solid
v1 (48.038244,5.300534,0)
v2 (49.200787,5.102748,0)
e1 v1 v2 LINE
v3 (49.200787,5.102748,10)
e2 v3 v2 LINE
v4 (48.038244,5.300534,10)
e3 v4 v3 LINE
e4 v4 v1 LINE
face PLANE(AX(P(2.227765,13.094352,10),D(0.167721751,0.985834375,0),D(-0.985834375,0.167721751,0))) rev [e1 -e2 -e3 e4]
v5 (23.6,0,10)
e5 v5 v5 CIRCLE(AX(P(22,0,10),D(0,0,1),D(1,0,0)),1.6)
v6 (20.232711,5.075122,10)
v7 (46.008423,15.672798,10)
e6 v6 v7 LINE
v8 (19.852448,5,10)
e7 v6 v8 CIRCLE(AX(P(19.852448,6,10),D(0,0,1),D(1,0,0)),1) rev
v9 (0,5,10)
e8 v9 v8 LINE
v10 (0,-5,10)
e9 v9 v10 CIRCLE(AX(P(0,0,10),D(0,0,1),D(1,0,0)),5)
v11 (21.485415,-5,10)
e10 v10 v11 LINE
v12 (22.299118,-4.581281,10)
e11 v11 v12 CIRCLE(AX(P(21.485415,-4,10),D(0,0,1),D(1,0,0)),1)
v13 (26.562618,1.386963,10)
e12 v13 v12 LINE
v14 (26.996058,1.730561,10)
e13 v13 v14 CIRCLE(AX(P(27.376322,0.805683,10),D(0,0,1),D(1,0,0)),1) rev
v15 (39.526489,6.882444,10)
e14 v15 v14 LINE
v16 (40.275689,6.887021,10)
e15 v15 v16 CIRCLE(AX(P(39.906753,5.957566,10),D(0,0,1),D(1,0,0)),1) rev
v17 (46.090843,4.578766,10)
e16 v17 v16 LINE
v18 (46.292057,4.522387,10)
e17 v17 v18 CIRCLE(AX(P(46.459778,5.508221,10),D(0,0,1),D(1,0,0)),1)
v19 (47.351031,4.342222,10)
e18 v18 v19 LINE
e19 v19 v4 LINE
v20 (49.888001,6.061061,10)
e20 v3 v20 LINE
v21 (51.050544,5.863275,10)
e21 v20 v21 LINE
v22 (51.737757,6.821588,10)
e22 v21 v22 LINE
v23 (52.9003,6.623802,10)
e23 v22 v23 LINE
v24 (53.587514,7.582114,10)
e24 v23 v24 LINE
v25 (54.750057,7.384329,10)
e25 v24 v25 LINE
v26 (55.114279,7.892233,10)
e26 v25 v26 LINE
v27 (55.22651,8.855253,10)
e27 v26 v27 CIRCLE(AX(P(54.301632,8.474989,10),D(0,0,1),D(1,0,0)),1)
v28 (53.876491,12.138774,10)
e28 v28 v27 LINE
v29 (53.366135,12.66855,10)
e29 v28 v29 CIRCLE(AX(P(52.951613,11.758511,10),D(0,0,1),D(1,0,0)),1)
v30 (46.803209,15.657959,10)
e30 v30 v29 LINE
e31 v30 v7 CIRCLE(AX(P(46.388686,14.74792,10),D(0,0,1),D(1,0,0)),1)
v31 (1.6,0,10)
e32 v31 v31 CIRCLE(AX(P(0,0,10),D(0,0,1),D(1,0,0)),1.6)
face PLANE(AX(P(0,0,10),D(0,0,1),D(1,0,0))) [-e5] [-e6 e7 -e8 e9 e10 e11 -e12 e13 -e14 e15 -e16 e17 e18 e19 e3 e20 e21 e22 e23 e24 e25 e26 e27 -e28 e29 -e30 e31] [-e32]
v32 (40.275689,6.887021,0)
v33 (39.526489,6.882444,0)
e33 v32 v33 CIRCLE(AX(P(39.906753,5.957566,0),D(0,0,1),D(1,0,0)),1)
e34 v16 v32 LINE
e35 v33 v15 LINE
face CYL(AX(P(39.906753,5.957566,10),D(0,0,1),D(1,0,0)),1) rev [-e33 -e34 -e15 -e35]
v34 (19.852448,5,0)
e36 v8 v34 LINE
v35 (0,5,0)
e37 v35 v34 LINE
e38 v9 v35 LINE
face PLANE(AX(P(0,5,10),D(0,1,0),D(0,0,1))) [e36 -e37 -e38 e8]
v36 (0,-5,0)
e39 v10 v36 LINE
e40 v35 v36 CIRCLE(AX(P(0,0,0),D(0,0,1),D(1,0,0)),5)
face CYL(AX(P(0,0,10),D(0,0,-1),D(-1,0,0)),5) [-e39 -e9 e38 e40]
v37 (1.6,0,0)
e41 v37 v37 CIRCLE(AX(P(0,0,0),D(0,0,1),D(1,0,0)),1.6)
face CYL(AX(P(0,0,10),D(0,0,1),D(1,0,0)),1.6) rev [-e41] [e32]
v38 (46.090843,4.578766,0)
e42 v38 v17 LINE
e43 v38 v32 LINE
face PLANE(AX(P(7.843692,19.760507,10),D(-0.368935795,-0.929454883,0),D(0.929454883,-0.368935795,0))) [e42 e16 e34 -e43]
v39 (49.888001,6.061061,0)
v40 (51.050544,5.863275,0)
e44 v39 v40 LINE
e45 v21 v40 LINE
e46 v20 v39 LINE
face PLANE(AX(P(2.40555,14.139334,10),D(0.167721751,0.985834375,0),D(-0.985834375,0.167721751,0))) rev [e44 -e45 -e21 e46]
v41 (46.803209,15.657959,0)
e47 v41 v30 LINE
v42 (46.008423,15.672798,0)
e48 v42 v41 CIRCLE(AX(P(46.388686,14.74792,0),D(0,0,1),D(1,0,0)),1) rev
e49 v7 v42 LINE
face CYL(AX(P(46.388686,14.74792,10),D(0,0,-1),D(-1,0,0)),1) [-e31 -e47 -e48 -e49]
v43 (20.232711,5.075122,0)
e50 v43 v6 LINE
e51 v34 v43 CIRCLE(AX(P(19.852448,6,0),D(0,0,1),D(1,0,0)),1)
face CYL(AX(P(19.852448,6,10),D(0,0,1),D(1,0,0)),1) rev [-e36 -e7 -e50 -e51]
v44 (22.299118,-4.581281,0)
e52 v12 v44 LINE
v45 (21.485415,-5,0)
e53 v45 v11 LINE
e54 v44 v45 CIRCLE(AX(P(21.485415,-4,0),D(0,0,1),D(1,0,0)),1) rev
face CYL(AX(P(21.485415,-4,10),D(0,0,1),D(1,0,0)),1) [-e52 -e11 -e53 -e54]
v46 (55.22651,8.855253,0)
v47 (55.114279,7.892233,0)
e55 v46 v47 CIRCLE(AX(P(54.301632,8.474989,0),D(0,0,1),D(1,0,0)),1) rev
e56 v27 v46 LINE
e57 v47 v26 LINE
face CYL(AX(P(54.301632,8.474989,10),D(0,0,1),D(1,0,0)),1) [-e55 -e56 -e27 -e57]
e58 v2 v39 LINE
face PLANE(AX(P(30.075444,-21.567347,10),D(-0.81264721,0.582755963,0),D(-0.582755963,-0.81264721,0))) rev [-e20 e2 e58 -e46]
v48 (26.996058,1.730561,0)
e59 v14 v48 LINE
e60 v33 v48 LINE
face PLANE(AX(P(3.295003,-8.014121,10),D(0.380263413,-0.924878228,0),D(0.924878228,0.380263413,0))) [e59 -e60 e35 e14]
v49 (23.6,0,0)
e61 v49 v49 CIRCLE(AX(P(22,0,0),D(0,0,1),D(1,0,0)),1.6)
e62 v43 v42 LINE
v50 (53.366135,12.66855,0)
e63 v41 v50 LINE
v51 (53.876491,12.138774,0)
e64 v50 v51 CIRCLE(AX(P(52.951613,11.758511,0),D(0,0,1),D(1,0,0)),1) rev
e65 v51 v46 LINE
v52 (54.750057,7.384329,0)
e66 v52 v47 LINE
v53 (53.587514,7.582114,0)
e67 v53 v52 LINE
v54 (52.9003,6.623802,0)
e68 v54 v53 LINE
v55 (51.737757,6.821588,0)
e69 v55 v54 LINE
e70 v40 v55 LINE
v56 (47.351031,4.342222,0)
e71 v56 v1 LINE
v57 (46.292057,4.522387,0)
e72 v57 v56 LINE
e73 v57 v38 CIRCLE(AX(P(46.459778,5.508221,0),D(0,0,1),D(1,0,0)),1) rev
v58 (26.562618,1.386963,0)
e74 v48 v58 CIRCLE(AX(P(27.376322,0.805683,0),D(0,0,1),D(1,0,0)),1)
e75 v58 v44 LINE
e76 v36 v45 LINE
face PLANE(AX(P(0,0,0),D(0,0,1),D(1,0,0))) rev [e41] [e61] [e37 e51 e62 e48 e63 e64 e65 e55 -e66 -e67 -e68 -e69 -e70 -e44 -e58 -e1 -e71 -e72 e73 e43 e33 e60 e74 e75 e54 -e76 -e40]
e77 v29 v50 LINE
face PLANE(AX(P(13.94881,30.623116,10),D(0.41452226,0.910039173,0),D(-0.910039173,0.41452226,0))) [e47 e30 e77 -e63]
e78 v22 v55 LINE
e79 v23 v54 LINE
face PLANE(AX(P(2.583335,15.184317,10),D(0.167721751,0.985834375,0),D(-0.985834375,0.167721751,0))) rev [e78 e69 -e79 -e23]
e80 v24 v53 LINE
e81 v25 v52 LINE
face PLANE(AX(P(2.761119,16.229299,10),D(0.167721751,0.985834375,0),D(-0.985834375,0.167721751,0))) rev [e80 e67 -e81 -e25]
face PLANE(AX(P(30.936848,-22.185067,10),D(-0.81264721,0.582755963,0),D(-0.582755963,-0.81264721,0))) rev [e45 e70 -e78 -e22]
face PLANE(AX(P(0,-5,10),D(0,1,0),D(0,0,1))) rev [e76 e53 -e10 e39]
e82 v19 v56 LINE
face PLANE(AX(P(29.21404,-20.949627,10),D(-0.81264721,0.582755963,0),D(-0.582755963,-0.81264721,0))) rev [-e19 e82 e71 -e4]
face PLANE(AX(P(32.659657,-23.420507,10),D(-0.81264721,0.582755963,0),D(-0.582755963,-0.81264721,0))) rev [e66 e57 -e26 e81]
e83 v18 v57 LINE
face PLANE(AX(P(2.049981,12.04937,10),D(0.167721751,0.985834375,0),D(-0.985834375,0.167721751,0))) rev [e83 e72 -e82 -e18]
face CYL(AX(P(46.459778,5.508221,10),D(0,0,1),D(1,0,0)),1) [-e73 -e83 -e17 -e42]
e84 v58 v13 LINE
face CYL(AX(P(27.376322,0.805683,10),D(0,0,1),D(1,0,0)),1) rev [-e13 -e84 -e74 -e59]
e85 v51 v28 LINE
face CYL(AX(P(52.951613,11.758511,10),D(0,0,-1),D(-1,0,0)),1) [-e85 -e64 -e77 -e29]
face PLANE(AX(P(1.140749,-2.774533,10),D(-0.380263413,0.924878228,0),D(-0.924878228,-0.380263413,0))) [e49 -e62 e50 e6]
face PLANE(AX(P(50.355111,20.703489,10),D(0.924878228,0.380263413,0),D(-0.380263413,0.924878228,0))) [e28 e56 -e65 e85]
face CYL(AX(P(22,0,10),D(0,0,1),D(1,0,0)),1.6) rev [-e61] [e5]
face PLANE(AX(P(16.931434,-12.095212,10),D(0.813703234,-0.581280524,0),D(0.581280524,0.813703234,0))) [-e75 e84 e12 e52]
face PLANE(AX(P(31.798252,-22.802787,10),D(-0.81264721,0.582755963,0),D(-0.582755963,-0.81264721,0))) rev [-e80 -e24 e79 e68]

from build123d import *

# Parameters (mm, degrees)
SKETCH1_R            = 1.5
BOSS_EXTRUDE1_DEPTH  = 10
FILLET1_R            = 1
M3_CLEARANCE_HOLE1_D = 3.2


with BuildPart() as part:
    # Sketch1 → Boss-Extrude1 (new body)
    with BuildSketch(Plane.XY):
        with BuildLine():
            Line((20.05, 5), (0, 5))
            ThreePointArc((0, 5), (-5, 0), (0, -5))
            Line((0, -5), (22, -5))
            Line((22, -5), (26.72989842, 1.621129525))
            Line((26.72989842, 1.621129525), (39.900164389, 7.036080522))
            Line((39.900164389, 7.036080522), (46.188488025, 4.540007042))
            Line((46.188488025, 4.540007042), (47.351030887, 4.342221563))
            Line((47.351030887, 4.342221563), (48.038244482, 5.300533868))
            Line((48.038244482, 5.300533868), (49.200787343, 5.102748388))
            Line((49.200787343, 5.102748388), (49.888000938, 6.061060693))
            Line((49.888000938, 6.061060693), (51.050543799, 5.863275214))
            Line((51.050543799, 5.863275214), (51.737757394, 6.821587519))
            Line((51.737757394, 6.821587519), (52.900300256, 6.623802039))
            Line((52.900300256, 6.623802039), (53.587513851, 7.582114344))
            Line((53.587513851, 7.582114344), (54.750056712, 7.384328864))
            Line((54.750056712, 7.384328864), (55.437270307, 8.34264117))
            Line((55.437270307, 8.34264117), (53.72608495, 12.504593197))
            Line((53.72608495, 12.504593197), (46.409029503, 15.837507263))
            Line((46.409029503, 15.837507263), (20.05, 5))
        make_face()
        Circle(SKETCH1_R, mode=Mode.SUBTRACT)
        with Locations((22, 0)):
            Circle(SKETCH1_R, mode=Mode.SUBTRACT)
    extrude(amount=BOSS_EXTRUDE1_DEPTH)

    # Fillet1
    fillet1_edges = [part.edges().sort_by_distance(p)[0] for p in [
        (22, -5, 5),
        (20.05, 5, 5),
        (46.409029503, 15.837507263, 5),
        (53.72608495, 12.504593197, 5),
        (55.437270307, 8.34264117, 5),
        (46.188488025, 4.540007042, 5),
        (39.900164389, 7.036080522, 5),
        (26.72989842, 1.621129525, 5),
    ]]
    fillet(fillet1_edges, radius=FILLET1_R)

    # M3 Clearance Hole1 (through all)
    with Locations(Plane.XY.offset(10)):
        with Locations((0, 0), (22, 0)):
            Hole(M3_CLEARANCE_HOLE1_D / 2)


solid = part.part
